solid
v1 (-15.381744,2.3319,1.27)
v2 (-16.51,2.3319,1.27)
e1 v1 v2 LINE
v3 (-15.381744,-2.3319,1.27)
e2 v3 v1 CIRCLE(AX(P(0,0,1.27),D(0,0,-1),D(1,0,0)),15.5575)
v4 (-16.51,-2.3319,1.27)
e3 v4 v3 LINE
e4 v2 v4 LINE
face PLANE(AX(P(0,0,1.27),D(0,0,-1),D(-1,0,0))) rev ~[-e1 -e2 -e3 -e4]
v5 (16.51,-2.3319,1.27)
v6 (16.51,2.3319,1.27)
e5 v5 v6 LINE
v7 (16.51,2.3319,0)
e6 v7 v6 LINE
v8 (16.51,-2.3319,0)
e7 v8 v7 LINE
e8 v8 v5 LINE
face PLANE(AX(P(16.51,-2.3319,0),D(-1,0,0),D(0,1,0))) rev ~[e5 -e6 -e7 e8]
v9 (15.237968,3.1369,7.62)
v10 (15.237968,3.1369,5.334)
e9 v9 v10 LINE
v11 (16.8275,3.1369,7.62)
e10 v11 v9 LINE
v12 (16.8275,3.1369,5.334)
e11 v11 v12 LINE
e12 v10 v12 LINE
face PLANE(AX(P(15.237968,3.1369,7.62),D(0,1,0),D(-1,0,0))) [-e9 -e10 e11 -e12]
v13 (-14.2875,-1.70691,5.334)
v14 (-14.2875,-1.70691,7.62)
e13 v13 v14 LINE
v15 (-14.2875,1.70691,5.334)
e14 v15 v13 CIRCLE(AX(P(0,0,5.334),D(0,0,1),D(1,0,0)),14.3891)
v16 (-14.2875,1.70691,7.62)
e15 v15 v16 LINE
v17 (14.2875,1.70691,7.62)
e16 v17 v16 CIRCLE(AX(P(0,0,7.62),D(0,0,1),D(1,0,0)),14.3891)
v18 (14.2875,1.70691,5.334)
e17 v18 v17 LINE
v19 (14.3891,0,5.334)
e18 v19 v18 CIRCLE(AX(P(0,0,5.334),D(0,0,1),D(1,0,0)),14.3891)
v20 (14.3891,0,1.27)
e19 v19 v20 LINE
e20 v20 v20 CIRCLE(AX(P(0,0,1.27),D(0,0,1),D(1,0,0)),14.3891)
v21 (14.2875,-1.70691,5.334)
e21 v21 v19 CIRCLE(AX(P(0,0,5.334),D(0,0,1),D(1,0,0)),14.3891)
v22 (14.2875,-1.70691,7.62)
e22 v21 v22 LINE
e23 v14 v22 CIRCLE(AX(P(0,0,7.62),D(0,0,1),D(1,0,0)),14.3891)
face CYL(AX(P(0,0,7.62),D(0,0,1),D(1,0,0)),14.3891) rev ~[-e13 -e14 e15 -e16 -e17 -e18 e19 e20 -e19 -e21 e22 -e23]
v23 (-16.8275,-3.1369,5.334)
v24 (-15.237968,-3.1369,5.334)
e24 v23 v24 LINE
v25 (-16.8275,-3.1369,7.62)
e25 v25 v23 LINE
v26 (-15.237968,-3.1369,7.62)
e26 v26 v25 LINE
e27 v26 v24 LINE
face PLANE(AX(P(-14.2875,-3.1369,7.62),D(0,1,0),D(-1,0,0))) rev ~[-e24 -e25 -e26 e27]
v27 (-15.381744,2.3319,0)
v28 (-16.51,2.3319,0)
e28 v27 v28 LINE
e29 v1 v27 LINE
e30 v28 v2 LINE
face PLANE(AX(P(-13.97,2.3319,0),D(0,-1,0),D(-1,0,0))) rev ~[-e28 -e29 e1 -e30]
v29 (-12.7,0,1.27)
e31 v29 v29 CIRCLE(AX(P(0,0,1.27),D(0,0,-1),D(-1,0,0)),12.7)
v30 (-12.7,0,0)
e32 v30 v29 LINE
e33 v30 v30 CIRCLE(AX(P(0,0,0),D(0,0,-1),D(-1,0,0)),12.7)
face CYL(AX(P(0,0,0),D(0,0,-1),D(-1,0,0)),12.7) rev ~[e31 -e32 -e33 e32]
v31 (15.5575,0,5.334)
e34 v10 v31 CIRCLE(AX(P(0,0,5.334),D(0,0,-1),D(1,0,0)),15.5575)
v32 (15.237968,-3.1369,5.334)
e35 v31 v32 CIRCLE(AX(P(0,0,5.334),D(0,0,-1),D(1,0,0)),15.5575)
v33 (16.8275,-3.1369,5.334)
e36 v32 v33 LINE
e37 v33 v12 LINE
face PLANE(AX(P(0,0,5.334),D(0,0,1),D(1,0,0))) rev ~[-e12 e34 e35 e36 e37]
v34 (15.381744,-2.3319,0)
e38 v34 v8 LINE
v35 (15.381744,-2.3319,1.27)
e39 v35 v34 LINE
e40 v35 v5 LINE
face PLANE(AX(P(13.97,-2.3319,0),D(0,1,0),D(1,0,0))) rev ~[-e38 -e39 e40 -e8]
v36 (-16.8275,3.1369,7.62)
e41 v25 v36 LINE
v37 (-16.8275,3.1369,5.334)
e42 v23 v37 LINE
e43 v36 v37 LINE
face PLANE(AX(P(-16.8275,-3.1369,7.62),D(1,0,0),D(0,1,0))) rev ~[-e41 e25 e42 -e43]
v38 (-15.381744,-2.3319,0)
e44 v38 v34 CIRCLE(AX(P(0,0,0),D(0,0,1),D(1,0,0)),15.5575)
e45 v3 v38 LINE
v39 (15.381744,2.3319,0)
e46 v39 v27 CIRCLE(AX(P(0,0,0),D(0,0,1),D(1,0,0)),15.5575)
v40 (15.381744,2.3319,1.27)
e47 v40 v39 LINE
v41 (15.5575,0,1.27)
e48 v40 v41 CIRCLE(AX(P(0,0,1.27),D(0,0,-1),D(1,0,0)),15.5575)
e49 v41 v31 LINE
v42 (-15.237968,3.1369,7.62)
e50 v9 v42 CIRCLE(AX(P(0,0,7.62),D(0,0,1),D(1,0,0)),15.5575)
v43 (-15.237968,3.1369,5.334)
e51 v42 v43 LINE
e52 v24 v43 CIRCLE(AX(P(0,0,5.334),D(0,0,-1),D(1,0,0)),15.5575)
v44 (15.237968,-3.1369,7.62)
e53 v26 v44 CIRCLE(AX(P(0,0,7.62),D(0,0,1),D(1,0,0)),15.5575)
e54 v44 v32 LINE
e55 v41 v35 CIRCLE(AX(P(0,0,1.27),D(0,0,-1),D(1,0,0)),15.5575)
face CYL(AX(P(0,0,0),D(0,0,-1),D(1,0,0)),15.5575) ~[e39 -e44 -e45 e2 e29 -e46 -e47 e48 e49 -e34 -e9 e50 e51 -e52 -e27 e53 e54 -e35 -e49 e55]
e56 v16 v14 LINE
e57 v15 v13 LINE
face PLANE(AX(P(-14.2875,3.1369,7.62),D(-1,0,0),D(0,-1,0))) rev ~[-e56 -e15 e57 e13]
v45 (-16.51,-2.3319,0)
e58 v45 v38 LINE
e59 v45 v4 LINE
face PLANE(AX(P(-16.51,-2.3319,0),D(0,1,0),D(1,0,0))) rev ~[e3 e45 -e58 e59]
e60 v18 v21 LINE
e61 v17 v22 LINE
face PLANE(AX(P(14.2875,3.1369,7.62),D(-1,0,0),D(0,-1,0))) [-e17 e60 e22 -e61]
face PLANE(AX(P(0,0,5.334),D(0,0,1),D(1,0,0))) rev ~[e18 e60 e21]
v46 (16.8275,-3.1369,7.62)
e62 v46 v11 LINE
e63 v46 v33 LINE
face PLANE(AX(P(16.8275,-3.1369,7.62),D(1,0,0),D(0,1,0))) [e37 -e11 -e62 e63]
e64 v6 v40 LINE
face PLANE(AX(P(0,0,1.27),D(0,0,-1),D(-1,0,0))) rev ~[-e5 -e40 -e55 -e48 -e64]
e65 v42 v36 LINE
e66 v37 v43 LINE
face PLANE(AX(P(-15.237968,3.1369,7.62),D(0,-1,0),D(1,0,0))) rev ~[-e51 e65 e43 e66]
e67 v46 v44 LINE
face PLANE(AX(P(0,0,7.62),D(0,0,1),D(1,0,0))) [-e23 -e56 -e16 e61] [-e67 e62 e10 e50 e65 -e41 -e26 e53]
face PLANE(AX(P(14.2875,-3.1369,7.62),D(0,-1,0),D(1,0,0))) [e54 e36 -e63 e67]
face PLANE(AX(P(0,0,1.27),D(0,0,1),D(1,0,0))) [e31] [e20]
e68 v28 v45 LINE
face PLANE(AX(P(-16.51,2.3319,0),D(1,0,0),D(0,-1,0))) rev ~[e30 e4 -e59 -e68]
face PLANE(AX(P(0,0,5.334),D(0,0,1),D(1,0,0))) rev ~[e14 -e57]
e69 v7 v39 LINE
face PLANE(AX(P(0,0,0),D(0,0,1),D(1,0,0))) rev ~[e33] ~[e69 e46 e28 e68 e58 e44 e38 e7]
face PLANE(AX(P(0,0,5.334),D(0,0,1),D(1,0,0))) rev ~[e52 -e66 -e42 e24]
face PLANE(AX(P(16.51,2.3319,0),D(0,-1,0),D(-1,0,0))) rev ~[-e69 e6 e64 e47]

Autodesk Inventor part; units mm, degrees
ref_plane "YZ Plane" through (0, 0, 0) normal (1, 0, 0) x (0, 1, 0)
ref_plane "XZ Plane" through (0, 0, 0) normal (0, 1, 0) x (-1, 0, 0)
ref_plane "XY Plane" through (0, 0, 0) normal (0, 0, 1) x (1, 0, 0)
sketch "Sketch1" plane through (0, 0, 0) normal (0, 0, 1) x (1, 0, 0)
  circle A0 centre (0, 0) radius 15.5575
  dimension "d0" = 31.115
extrude "Extrusion1" add sketch "Sketch1" along normal blind 7.62
sketch "Sketch2" plane through (0, 0, 7.62) normal (0, 0, 1) x (1, 0, 0)
  circle A0 centre (0, 0) radius 14.3891
  dimension "d16" = 28.7782
extrude "Extrusion2" cut sketch "Sketch2" against normal blind 6.35
sketch "Sketch3" plane through (0, 0, 0) normal (0, 0, -1) x (-1, 0, 0)
  circle A0 centre (0, 0) radius 12.7
  dimension "d15" = 25.4
extrude "Extrusion3" cut sketch "Sketch3" against normal blind 5.08
sketch "Sketch4" plane through (0, 0, 7.62) normal (0, 0, 1) x (1, 0, 0)
  line L0 (-14.2875, -3.1369) -> (-16.8275, -3.1369)
  line L1 (-16.8275, -3.1369) -> (-16.8275, 3.1369)
  line L2 (-16.8275, 3.1369) -> (-14.2875, 3.1369)
  line L3 (-14.2875, 3.1369) -> (-14.2875, -3.1369)
  circle A0 centre (0, 0) radius 15.5575 projected
  line L4 (-14.2875, -3.1369) -> (-16.8275, 3.1369) construction
  line L5 (-16.8275, -3.1369) -> (-14.2875, 3.1369) construction
  line L6 (14.2875, -3.1369) -> (16.8275, -3.1369)
  line L7 (16.8275, -3.1369) -> (16.8275, 3.1369)
  line L8 (16.8275, 3.1369) -> (14.2875, 3.1369)
  line L9 (14.2875, 3.1369) -> (14.2875, -3.1369)
  line L10 (14.2875, -3.1369) -> (16.8275, 3.1369) construction
  line L11 (16.8275, -3.1369) -> (14.2875, 3.1369) construction
  point P0 (-15.5575, 0)
  point P1 (15.5575, 0)
  dimension "d7" = 2.54
  dimension "d8" = 6.2738
  dimension "d9" = 2.54
  dimension "d10" = 6.2738
extrude "Extrusion5" add sketch "Sketch4" against normal blind 2.286 contours L0 A0 L2 L3 | L0 L1 L2 A0 | L6 L9 L8 A0 | A0 L8 L7 L6
sketch "Sketch5" plane through (0, 0, 0) normal (0, 0, -1) x (-1, 0, 0)
  line L0 (13.97, 2.3319) -> (16.51, 2.3319)
  line L1 (16.51, 2.3319) -> (16.51, -2.3319)
  line L2 (16.51, -2.3319) -> (13.97, -2.3319)
  line L3 (13.97, -2.3319) -> (13.97, 2.3319)
  line L4 (13.97, 2.3319) -> (16.51, -2.3319) construction
  line L5 (16.51, 2.3319) -> (13.97, -2.3319) construction
  line L6 (-16.51, 2.3319) -> (-13.97, 2.3319)
  line L7 (-13.97, 2.3319) -> (-13.97, -2.3319)
  line L8 (-13.97, -2.3319) -> (-16.51, -2.3319)
  line L9 (-16.51, -2.3319) -> (-16.51, 2.3319)
  line L10 (-16.51, 2.3319) -> (-13.97, -2.3319) construction
  line L11 (-13.97, 2.3319) -> (-16.51, -2.3319) construction
  point P0 (0, 0)
  point P1 (15.24, 0)
  point P2 (-15.24, 0)
  dimension "d17" = 2.54
  dimension "d18" = 2.54
  dimension "d19" = 15.24
  dimension "d20" = 15.24
extrude "Extrusion6" add sketch "Sketch5" against normal blind 1.27
equation "\"d20\" = d19"
properties part number "GelCupHolderTop"
